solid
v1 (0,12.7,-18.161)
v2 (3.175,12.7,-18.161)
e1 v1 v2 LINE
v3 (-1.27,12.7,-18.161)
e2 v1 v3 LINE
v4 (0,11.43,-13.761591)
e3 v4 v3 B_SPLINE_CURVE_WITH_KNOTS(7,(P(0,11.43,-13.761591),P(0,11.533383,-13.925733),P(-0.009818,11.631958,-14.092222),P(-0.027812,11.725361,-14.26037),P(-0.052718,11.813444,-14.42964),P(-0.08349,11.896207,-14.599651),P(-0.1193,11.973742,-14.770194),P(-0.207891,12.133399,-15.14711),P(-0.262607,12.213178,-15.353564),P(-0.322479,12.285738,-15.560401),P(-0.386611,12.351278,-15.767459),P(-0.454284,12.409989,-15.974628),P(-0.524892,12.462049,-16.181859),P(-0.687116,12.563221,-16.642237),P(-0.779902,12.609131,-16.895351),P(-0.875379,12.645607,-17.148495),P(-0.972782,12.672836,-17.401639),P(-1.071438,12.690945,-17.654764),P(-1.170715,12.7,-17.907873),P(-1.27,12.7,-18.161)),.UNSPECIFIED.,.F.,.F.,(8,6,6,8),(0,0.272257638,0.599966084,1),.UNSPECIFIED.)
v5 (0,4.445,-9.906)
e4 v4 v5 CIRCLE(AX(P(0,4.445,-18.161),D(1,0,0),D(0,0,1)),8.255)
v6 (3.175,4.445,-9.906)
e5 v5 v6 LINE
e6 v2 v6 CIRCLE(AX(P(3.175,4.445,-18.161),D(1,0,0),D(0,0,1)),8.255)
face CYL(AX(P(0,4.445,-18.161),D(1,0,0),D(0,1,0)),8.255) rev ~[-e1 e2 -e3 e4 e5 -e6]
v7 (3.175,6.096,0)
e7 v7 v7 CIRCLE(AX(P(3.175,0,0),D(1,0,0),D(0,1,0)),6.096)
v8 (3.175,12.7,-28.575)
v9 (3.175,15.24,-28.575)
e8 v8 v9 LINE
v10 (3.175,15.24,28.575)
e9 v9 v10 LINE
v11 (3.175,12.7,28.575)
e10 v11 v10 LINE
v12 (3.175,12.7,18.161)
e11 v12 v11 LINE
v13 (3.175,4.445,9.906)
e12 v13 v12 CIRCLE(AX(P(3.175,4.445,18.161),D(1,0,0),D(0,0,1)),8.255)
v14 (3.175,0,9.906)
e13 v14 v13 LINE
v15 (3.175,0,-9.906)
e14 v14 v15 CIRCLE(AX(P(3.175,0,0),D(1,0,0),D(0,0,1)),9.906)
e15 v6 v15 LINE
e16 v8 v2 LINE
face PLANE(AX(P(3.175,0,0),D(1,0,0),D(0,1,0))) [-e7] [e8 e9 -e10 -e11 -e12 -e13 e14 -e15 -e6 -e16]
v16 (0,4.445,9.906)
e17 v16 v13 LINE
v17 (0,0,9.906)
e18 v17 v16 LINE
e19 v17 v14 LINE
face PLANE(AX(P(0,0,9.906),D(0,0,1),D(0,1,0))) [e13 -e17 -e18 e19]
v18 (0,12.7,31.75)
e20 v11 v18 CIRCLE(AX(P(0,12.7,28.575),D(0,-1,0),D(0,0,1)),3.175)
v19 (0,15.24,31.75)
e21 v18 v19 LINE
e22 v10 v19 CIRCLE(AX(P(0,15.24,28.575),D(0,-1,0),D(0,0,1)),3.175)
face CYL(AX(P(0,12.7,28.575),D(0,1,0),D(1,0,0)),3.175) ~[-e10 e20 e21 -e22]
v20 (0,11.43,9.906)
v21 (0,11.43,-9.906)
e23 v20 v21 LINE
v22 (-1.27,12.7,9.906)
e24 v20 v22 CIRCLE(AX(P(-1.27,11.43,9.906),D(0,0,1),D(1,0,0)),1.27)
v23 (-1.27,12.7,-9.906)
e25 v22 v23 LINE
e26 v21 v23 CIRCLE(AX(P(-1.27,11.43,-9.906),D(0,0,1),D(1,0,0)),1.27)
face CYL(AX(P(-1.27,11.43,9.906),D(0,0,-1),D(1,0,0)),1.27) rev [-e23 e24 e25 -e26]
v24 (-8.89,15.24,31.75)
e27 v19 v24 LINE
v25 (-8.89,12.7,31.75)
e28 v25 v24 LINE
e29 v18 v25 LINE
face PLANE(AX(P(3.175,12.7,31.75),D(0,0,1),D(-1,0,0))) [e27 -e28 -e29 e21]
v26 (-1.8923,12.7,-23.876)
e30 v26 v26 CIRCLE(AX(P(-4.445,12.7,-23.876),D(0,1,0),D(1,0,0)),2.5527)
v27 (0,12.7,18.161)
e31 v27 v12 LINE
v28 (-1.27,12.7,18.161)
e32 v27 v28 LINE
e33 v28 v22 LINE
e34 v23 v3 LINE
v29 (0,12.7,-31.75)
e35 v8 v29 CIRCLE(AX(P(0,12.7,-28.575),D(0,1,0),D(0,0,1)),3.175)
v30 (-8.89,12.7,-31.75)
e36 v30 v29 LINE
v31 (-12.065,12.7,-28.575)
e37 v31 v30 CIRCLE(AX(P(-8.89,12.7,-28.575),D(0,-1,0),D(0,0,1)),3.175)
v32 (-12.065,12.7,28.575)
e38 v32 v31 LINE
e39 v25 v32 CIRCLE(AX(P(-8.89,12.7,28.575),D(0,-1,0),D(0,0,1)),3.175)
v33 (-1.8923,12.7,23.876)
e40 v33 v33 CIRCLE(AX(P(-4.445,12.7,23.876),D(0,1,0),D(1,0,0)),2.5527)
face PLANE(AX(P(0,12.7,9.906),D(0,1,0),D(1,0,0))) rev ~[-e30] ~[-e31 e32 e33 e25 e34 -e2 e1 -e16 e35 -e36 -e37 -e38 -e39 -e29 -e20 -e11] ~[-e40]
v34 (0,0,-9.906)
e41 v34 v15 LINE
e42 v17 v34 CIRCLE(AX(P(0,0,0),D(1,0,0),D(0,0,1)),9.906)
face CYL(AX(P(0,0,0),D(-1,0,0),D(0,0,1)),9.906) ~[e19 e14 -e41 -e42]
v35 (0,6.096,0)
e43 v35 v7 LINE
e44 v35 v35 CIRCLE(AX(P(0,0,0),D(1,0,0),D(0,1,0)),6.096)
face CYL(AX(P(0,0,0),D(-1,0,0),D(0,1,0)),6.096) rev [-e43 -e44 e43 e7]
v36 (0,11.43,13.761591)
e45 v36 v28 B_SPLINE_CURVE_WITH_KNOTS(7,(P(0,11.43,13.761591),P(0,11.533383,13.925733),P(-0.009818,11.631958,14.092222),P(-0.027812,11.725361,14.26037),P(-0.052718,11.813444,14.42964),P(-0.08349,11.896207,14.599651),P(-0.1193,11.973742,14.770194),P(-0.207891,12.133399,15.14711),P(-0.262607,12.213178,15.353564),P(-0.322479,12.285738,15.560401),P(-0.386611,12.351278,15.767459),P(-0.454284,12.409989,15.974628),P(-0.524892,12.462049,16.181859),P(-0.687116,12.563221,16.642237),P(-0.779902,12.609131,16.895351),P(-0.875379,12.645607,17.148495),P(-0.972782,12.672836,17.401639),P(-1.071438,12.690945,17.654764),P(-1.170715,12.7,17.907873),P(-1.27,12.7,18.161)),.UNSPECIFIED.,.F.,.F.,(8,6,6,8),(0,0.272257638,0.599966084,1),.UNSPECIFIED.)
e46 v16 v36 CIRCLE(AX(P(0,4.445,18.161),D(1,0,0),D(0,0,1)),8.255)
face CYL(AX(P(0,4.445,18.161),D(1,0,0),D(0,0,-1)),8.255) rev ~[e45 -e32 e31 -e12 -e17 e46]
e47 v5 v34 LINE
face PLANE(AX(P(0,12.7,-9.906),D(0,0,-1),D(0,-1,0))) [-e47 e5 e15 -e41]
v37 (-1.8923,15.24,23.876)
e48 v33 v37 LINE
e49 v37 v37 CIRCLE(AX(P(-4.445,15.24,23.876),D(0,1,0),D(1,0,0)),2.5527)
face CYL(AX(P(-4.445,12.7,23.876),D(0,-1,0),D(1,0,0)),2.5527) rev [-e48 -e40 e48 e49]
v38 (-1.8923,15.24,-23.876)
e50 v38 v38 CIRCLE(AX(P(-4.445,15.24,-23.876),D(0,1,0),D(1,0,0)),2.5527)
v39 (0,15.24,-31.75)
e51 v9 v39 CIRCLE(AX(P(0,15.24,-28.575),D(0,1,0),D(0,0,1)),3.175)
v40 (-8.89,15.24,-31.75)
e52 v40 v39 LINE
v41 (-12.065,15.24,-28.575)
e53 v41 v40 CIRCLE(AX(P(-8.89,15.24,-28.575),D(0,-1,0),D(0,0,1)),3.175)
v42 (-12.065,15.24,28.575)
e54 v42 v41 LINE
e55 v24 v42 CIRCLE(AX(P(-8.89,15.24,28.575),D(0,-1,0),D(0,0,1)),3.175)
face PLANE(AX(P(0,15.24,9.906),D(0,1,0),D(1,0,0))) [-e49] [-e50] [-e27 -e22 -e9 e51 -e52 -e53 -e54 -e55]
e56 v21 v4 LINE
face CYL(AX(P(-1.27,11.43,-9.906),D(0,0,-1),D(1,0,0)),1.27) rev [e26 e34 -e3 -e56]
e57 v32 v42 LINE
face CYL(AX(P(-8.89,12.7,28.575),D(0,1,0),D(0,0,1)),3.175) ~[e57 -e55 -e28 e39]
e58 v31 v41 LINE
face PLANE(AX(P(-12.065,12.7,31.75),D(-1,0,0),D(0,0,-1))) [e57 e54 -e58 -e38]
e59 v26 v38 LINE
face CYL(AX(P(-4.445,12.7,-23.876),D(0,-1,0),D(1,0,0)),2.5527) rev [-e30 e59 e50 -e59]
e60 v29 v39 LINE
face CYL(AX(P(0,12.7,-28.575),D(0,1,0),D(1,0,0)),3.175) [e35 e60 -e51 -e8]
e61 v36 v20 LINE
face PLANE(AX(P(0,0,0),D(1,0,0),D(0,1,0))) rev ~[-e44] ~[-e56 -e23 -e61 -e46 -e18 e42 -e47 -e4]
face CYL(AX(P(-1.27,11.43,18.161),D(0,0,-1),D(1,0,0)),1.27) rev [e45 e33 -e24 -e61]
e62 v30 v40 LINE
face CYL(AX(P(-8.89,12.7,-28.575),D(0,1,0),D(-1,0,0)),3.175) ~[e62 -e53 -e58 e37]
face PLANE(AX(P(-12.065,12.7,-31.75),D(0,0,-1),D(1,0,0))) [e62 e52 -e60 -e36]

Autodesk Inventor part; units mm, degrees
ref_plane "YZ Plane" through (0, 0, 0) normal (1, 0, 0) x (0, 1, 0)
ref_plane "XZ Plane" through (0, 0, 0) normal (0, 1, 0) x (-1, 0, 0)
ref_plane "XY Plane" through (0, 0, 0) normal (0, 0, 1) x (1, 0, 0)
sketch "Sketch1" plane through (0, 0, 0) normal (1, 0, 0) x (0, 1, 0)
  circle A0 centre (0, 0) radius 6.096
  arc A1 (0, 9.906) -> (0, -9.906) centre (0, 0) ccw
  line L0 (0, 9.906) -> (12.7, 9.906)
  line L1 (12.7, 9.906) -> (12.7, -9.906)
  line L2 (12.7, -9.906) -> (0, -9.906)
  arc A2 (0, -9.906) -> (0, 9.906) centre (0, 0) ccw construction
  dimension "d0" = 12.192
  dimension "d1" = 3.81
  dimension "d2" = 12.7
extrude "Extrusion1" add sketch "Sketch1" along normal blind 3.175
sketch "Sketch3" plane through (0, 12.7, 9.906) normal (0, 1, 0) x (1, 0, 0)
  line L0 (-12.065, 41.656) -> (3.175, 41.656)
  line L1 (3.175, 41.656) -> (3.175, -21.844)
  line L2 (3.175, -21.844) -> (-12.065, -21.844)
  line L3 (-12.065, -21.844) -> (-12.065, 41.656)
  line L4 (3.175, 19.812) -> (3.175, 0) projected
  circle A0 centre (-4.445, 33.782) radius 2.5527
  circle A1 centre (-4.445, -13.97) radius 2.5527
  line L5 (-12.065, 9.906) -> (3.175, 9.906) construction
  point P0 (0, 9.906)
  dimension "d6" = 63.5
  dimension "d7" = 15.24
  dimension "d8" = 5.1054
  dimension "d9" = 47.752
  dimension "d10" = 7.62
extrude "Extrusion2" add sketch "Sketch3" along normal blind 2.54
fillet "Fillet1" radius 8.255 2 edges at (1.5875, 12.7, -9.906) (1.5875, 12.7, 9.906)
fillet "Fillet2" radius 1.27 1 edges at (0, 12.7, 0)
fillet "Fillet3" radius 3.175 4 edges at (-12.065, 13.97, -31.75) (3.175, 13.97, -31.75) (3.175, 13.97, 31.75) (-12.065, 13.97, 31.75)
properties part number "ToggleSwitchBracket"
